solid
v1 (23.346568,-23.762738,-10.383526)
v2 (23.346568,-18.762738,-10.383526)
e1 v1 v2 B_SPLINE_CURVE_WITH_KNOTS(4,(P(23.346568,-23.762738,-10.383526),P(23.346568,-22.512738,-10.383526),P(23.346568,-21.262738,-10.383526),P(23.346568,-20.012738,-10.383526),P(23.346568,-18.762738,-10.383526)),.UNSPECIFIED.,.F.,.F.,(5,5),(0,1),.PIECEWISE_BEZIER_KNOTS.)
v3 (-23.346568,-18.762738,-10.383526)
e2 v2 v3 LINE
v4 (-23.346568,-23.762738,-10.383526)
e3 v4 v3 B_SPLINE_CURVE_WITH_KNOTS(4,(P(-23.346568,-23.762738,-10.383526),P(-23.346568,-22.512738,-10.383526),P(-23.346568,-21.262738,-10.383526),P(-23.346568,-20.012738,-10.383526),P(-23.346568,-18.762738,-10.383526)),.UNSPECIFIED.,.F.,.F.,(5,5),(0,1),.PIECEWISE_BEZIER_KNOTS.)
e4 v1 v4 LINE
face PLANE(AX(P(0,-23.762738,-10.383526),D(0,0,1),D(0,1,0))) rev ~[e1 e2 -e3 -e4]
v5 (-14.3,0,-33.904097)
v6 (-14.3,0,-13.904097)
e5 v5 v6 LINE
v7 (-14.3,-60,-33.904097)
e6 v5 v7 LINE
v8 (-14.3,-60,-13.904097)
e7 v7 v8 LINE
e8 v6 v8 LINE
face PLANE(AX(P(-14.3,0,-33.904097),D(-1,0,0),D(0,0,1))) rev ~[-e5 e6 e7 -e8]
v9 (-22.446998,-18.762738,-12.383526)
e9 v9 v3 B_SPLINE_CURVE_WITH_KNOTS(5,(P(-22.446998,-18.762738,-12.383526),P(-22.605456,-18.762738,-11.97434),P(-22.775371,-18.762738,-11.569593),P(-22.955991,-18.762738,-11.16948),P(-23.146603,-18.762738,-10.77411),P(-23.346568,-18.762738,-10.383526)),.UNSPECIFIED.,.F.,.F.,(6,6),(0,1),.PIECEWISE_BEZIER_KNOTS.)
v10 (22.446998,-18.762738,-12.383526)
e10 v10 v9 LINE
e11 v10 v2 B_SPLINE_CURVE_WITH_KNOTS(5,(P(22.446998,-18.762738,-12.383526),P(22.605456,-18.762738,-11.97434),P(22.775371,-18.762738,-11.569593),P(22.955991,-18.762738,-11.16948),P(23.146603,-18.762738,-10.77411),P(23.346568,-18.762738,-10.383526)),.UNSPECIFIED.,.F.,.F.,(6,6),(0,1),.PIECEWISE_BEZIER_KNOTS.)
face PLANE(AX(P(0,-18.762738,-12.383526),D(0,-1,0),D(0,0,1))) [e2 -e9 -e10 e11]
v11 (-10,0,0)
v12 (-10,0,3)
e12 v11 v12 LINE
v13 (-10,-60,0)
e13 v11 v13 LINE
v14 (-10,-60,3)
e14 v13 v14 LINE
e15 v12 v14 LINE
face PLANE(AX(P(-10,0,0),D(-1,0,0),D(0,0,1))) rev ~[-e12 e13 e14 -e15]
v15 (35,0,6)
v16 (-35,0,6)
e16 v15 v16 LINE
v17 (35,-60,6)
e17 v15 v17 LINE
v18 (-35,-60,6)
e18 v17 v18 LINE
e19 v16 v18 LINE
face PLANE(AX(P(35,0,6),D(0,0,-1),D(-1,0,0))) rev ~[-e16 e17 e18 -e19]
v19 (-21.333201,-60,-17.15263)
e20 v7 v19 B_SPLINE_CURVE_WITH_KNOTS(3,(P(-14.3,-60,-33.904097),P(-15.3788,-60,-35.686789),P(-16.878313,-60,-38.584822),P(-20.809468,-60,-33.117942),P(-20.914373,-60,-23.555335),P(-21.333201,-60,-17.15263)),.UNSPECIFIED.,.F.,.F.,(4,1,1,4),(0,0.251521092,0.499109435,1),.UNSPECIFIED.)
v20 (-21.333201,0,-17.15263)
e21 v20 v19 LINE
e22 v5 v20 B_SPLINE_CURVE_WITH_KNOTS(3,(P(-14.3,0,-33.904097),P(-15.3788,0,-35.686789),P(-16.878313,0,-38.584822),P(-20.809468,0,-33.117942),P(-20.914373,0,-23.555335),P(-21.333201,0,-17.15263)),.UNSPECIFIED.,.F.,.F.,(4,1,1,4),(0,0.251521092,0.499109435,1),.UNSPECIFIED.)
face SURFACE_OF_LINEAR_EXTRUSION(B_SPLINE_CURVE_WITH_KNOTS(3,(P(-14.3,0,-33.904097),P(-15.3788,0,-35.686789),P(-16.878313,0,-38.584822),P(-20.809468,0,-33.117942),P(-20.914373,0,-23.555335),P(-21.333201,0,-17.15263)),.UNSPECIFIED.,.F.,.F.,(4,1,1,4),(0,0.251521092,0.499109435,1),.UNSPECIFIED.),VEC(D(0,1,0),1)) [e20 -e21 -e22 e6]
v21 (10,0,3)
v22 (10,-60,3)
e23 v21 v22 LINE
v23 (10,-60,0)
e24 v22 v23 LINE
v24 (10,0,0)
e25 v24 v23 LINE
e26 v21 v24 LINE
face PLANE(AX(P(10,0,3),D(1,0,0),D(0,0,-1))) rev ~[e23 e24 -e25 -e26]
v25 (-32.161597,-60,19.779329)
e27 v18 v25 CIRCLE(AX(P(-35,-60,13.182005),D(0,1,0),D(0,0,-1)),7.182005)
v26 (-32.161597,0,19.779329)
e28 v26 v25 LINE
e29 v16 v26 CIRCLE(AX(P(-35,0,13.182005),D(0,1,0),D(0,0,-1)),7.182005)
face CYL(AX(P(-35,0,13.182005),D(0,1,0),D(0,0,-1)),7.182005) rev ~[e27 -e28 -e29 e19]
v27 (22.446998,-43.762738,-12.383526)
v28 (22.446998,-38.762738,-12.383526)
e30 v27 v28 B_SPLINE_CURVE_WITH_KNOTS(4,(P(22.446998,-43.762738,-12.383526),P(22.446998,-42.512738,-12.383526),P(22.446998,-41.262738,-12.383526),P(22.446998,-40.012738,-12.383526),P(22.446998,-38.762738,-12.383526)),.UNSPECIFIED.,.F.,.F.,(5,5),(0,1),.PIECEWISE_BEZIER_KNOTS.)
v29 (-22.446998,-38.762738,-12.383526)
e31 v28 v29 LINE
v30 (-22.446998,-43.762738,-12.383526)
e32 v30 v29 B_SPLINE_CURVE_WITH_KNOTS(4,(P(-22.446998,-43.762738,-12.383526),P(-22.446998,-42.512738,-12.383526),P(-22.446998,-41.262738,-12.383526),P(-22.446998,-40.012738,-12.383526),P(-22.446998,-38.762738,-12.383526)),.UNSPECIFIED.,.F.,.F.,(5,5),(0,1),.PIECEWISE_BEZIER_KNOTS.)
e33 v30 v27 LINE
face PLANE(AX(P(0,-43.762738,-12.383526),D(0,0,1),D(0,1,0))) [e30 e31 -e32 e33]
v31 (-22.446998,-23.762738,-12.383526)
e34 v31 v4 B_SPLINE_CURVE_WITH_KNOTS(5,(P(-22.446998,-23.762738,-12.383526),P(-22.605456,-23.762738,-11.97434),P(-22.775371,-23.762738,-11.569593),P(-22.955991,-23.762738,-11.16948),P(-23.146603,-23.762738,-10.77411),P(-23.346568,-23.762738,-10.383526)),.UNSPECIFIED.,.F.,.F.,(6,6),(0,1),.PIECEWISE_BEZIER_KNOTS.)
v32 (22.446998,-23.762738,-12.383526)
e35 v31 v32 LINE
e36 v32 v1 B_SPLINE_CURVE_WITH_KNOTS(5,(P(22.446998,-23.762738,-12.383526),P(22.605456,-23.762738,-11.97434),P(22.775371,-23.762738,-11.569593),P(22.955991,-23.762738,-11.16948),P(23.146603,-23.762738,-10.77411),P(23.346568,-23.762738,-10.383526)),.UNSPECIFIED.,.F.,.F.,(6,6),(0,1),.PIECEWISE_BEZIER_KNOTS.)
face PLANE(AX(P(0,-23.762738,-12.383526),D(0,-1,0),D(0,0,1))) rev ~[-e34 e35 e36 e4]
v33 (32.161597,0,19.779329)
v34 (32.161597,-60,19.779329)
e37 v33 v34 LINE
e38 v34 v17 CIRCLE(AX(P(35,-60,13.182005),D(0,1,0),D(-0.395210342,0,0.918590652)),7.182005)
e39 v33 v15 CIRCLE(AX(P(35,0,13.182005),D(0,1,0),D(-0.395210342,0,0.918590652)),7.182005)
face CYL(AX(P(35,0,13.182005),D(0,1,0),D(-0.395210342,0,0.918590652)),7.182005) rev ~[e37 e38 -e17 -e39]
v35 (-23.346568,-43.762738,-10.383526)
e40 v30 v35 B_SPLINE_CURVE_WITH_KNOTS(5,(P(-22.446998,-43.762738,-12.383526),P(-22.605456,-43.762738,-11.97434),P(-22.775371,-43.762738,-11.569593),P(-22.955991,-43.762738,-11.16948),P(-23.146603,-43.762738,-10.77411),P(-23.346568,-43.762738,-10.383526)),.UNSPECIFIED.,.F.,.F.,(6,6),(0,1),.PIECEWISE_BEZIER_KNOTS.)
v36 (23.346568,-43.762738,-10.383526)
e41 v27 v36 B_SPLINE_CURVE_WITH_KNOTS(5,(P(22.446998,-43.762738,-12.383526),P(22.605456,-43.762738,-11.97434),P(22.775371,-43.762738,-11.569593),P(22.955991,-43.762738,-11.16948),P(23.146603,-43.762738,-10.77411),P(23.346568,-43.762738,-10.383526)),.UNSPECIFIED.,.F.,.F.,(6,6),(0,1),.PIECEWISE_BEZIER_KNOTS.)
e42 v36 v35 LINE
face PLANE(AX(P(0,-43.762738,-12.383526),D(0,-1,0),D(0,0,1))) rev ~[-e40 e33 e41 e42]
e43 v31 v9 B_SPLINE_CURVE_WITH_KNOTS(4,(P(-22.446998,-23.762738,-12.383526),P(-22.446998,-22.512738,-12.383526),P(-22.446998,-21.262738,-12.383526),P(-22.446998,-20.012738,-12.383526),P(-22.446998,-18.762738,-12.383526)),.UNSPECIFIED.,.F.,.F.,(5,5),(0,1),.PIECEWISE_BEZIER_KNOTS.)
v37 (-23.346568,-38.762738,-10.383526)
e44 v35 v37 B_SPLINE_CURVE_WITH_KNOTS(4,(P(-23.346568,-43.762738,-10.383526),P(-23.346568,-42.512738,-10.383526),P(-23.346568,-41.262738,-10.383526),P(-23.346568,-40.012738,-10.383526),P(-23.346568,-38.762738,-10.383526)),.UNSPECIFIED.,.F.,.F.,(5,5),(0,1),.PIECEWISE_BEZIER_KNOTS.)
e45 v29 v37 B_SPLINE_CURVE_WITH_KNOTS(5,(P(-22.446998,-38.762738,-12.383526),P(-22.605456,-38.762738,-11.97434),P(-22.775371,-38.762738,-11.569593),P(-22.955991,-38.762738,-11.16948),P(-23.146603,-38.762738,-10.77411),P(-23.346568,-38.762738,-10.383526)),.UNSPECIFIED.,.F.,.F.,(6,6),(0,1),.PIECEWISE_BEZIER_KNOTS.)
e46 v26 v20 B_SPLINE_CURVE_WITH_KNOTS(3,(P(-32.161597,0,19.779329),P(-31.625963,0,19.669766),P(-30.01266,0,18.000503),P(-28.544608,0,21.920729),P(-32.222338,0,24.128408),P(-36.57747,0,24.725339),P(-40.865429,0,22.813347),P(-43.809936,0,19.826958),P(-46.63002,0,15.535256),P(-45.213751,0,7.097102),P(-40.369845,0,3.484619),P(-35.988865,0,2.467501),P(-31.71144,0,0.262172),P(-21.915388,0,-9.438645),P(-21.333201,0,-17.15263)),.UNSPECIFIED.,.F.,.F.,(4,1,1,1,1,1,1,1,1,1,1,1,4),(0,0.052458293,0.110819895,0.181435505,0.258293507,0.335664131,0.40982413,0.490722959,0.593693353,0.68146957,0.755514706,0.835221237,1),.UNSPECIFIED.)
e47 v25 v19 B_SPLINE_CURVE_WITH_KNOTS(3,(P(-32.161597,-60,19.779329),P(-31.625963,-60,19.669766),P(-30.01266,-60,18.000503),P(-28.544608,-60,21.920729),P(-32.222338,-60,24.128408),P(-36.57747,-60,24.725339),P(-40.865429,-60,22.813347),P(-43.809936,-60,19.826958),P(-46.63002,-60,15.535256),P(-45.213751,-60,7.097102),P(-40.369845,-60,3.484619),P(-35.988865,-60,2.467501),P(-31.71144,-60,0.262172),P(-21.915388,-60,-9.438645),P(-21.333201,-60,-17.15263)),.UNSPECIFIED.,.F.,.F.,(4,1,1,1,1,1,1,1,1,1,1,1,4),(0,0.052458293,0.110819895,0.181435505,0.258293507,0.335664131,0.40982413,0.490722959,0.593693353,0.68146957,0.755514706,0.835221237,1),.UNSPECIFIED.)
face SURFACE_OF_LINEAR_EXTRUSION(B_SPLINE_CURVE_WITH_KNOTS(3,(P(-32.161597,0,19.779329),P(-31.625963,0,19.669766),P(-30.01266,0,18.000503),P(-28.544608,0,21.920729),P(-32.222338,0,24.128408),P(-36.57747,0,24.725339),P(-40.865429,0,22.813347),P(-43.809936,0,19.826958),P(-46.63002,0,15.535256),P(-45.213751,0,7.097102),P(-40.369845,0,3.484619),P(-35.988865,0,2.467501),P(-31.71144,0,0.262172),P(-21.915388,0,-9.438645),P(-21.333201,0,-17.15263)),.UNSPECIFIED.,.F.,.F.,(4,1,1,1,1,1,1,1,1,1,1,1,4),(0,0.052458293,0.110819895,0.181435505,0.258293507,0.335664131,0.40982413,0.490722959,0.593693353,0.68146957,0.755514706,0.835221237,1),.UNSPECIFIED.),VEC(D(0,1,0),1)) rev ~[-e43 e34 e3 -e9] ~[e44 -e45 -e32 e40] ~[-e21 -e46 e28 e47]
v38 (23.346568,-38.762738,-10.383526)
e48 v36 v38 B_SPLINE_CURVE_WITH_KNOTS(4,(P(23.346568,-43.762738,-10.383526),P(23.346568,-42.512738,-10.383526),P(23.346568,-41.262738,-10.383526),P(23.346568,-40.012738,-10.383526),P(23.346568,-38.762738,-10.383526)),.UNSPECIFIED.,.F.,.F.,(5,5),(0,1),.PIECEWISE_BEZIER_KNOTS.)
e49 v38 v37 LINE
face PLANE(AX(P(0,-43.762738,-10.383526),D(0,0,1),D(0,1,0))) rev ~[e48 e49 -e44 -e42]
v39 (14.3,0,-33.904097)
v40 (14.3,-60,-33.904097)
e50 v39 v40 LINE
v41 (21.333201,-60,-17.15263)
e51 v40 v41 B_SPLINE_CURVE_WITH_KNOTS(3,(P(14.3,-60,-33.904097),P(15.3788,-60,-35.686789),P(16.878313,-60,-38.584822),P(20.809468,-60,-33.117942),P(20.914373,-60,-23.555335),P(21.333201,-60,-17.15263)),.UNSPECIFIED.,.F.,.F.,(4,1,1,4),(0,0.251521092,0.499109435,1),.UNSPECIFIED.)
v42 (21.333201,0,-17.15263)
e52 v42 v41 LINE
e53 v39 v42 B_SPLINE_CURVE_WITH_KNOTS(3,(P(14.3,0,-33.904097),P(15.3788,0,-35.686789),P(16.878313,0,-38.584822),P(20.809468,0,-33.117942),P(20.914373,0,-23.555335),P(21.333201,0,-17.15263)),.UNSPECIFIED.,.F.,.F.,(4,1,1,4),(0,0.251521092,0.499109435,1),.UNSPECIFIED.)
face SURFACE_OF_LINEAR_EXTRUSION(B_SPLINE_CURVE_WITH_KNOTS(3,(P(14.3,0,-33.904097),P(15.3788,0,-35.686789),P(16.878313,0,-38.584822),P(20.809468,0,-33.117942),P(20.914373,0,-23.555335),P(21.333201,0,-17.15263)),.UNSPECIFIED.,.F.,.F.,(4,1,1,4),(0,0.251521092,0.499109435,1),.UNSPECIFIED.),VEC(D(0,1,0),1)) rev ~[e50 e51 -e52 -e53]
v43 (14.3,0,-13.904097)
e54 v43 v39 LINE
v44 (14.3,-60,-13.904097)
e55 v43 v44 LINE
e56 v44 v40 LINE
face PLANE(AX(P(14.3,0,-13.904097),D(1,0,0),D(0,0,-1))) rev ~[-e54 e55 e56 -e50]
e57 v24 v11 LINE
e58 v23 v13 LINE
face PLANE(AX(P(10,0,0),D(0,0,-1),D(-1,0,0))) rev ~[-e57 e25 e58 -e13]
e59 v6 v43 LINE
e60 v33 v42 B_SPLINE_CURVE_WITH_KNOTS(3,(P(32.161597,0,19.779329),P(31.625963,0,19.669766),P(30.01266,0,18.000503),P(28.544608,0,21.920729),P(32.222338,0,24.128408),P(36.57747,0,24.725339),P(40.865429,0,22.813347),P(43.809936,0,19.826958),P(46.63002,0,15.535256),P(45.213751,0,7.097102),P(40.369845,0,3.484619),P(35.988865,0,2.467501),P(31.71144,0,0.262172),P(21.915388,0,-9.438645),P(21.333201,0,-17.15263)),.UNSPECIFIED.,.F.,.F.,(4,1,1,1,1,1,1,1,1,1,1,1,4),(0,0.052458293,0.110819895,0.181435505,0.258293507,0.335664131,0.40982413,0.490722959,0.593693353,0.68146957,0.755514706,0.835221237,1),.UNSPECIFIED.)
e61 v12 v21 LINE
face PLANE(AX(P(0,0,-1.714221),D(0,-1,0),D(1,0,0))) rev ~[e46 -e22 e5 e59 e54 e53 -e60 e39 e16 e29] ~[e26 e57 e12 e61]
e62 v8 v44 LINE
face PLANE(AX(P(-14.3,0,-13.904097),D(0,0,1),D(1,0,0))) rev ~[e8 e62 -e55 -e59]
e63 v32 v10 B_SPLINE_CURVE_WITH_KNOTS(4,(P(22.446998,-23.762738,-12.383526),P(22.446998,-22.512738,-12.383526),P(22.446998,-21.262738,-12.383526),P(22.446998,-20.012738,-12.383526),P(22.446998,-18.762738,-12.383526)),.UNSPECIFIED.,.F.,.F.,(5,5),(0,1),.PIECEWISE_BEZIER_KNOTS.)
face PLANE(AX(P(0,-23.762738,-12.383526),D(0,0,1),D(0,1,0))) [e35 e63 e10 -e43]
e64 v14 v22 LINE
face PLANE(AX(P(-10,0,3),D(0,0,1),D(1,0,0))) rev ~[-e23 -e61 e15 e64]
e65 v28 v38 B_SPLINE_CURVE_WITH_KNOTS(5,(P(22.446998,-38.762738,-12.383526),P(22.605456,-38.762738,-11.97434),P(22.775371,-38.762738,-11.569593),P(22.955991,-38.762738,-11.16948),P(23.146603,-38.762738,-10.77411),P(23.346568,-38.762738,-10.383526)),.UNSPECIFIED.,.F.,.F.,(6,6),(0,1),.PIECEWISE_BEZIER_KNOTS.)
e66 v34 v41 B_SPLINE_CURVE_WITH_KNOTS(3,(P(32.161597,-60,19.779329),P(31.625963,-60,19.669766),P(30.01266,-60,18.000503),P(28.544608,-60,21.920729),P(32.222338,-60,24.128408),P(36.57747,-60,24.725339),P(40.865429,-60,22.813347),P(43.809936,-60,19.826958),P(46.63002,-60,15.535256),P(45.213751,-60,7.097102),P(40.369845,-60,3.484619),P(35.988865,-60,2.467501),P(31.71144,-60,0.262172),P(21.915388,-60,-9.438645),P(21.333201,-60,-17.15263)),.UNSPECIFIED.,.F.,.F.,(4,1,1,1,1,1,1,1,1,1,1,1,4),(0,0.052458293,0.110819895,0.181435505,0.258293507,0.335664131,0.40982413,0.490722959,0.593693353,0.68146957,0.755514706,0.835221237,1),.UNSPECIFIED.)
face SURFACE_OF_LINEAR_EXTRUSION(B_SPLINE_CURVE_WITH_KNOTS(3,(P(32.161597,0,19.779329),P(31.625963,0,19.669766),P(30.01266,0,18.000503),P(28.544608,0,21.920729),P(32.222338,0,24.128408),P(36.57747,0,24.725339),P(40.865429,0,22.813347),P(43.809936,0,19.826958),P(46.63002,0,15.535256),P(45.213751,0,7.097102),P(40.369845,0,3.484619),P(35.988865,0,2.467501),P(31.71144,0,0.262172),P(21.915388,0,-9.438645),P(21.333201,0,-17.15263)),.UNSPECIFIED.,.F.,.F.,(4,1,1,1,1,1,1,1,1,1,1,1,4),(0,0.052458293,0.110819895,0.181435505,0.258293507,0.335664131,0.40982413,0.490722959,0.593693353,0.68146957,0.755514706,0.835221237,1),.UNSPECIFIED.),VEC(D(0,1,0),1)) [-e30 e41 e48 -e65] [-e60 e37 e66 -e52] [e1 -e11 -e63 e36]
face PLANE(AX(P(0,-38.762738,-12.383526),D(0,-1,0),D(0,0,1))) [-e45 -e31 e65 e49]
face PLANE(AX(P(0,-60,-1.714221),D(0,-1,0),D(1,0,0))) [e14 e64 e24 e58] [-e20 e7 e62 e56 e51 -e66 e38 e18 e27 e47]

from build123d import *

# Parameters (mm, degrees)
F1_DEPTH = 60
F2_W     = 5
F2_H     = 2
F3_DEPTH = 25
F4_DEPTH = 25


with BuildPart() as f1:
    # F0 (on Front) → F1 (new body)
    with BuildSketch(Plane.XZ):
        with BuildLine():
            Line((35, 6), (0, 6))
            Line((0, 6), (-35, 6))
            ThreePointArc((-35, 6), (-42.0343163478, 14.6310037548), (-32.1615971625, 19.7793285488))
            add(Edge.make_bspline(
                [(-32.1615971625, 19.7793285488), (-31.6259634198, 19.6697664312), (-30.0126597802, 18.0005029273), (-28.5446083955, 21.9207290612), (-32.2223376103, 24.1284081225), (-36.5774704214, 24.7253389285), (-40.8654287073, 22.8133472104), (-43.8099355575, 19.8269584857), (-46.6300203268, 15.535255503), (-45.2137511935, 7.0971019768), (-40.3698445521, 3.4846194009), (-35.9888648971, 2.467501233), (-31.711439585, 0.2621715692), (-21.9153884218, -9.4386454788), (-21.333200857, -17.1526297927)],
                knots=[0, 0, 0, 0, 0.0524582927, 0.1108198951, 0.1814355045, 0.258293507, 0.3356641312, 0.4098241301, 0.4907229591, 0.5936933533, 0.6814695696, 0.7555147063, 0.8352212373, 1, 1, 1, 1], degree=3))
            add(Edge.make_bspline(
                [(-14.3, -33.90409749), (-15.378799786, -35.6867888152), (-16.8783126153, -38.5848219375), (-20.8094682076, -33.1179416708), (-20.9143728752, -23.5553345316), (-21.333200857, -17.1526297927)],
                knots=[0, 0, 0, 0, 0.2515210919, 0.4991094348, 1, 1, 1, 1], degree=3))
            Line((-14.3, -33.90409749), (-14.3, -13.90409749))
            Line((-14.3, -13.90409749), (0, -13.90409749))
            Line((0, -13.90409749), (14.3, -13.90409749))
            Line((14.3, -13.90409749), (14.3, -33.90409749))
            add(Edge.make_bspline(
                [(14.3, -33.90409749), (15.378799786, -35.6867888152), (16.8783126153, -38.5848219375), (20.8094682076, -33.1179416708), (20.9143728752, -23.5553345316), (21.333200857, -17.1526297927)],
                knots=[0, 0, 0, 0, 0.2515210919, 0.4991094348, 1, 1, 1, 1], degree=3))
            add(Edge.make_bspline(
                [(32.1615971625, 19.7793285488), (31.6259634198, 19.6697664312), (30.0126597802, 18.0005029273), (28.5446083955, 21.9207290612), (32.2223376103, 24.1284081225), (36.5774704214, 24.7253389285), (40.8654287073, 22.8133472104), (43.8099355575, 19.8269584857), (46.6300203268, 15.535255503), (45.2137511935, 7.0971019768), (40.3698445521, 3.4846194009), (35.9888648971, 2.467501233), (31.711439585, 0.2621715692), (21.9153884218, -9.4386454788), (21.333200857, -17.1526297927)],
                knots=[0, 0, 0, 0, 0.0524582927, 0.1108198951, 0.1814355045, 0.258293507, 0.3356641312, 0.4098241301, 0.4907229591, 0.5936933533, 0.6814695696, 0.7555147063, 0.8352212373, 1, 1, 1, 1], degree=3))
            ThreePointArc((32.1615971625, 19.7793285488), (42.0343163478, 14.6310037548), (35, 6))
        make_face()
        Polygon((10, 0), (0, 0), (-10, 0), (-10, 3), (0, 3), (10, 3), align=None, mode=Mode.SUBTRACT)
    extrude(amount=F1_DEPTH)

    # F2 (on Right) → F3 (cut)
    with BuildSketch(Plane.YZ):
        with Locations((-41.2627384067, -11.3835261338)):
            Rectangle(F2_W, F2_H)
        with Locations((-21.2627384067, -11.3835261338)):
            Rectangle(F2_W, F2_H)
    extrude(amount=F3_DEPTH, mode=Mode.SUBTRACT)

    # F2 (on Right) → F4 (cut)
    with BuildSketch(Plane.YZ):
        with Locations((-21.2627384067, -11.3835261338)):
            Rectangle(F2_W, F2_H)
        with Locations((-41.2627384067, -11.3835261338)):
            Rectangle(F2_W, F2_H)
    extrude(amount=-F4_DEPTH, mode=Mode.SUBTRACT)


solid = f1.part
